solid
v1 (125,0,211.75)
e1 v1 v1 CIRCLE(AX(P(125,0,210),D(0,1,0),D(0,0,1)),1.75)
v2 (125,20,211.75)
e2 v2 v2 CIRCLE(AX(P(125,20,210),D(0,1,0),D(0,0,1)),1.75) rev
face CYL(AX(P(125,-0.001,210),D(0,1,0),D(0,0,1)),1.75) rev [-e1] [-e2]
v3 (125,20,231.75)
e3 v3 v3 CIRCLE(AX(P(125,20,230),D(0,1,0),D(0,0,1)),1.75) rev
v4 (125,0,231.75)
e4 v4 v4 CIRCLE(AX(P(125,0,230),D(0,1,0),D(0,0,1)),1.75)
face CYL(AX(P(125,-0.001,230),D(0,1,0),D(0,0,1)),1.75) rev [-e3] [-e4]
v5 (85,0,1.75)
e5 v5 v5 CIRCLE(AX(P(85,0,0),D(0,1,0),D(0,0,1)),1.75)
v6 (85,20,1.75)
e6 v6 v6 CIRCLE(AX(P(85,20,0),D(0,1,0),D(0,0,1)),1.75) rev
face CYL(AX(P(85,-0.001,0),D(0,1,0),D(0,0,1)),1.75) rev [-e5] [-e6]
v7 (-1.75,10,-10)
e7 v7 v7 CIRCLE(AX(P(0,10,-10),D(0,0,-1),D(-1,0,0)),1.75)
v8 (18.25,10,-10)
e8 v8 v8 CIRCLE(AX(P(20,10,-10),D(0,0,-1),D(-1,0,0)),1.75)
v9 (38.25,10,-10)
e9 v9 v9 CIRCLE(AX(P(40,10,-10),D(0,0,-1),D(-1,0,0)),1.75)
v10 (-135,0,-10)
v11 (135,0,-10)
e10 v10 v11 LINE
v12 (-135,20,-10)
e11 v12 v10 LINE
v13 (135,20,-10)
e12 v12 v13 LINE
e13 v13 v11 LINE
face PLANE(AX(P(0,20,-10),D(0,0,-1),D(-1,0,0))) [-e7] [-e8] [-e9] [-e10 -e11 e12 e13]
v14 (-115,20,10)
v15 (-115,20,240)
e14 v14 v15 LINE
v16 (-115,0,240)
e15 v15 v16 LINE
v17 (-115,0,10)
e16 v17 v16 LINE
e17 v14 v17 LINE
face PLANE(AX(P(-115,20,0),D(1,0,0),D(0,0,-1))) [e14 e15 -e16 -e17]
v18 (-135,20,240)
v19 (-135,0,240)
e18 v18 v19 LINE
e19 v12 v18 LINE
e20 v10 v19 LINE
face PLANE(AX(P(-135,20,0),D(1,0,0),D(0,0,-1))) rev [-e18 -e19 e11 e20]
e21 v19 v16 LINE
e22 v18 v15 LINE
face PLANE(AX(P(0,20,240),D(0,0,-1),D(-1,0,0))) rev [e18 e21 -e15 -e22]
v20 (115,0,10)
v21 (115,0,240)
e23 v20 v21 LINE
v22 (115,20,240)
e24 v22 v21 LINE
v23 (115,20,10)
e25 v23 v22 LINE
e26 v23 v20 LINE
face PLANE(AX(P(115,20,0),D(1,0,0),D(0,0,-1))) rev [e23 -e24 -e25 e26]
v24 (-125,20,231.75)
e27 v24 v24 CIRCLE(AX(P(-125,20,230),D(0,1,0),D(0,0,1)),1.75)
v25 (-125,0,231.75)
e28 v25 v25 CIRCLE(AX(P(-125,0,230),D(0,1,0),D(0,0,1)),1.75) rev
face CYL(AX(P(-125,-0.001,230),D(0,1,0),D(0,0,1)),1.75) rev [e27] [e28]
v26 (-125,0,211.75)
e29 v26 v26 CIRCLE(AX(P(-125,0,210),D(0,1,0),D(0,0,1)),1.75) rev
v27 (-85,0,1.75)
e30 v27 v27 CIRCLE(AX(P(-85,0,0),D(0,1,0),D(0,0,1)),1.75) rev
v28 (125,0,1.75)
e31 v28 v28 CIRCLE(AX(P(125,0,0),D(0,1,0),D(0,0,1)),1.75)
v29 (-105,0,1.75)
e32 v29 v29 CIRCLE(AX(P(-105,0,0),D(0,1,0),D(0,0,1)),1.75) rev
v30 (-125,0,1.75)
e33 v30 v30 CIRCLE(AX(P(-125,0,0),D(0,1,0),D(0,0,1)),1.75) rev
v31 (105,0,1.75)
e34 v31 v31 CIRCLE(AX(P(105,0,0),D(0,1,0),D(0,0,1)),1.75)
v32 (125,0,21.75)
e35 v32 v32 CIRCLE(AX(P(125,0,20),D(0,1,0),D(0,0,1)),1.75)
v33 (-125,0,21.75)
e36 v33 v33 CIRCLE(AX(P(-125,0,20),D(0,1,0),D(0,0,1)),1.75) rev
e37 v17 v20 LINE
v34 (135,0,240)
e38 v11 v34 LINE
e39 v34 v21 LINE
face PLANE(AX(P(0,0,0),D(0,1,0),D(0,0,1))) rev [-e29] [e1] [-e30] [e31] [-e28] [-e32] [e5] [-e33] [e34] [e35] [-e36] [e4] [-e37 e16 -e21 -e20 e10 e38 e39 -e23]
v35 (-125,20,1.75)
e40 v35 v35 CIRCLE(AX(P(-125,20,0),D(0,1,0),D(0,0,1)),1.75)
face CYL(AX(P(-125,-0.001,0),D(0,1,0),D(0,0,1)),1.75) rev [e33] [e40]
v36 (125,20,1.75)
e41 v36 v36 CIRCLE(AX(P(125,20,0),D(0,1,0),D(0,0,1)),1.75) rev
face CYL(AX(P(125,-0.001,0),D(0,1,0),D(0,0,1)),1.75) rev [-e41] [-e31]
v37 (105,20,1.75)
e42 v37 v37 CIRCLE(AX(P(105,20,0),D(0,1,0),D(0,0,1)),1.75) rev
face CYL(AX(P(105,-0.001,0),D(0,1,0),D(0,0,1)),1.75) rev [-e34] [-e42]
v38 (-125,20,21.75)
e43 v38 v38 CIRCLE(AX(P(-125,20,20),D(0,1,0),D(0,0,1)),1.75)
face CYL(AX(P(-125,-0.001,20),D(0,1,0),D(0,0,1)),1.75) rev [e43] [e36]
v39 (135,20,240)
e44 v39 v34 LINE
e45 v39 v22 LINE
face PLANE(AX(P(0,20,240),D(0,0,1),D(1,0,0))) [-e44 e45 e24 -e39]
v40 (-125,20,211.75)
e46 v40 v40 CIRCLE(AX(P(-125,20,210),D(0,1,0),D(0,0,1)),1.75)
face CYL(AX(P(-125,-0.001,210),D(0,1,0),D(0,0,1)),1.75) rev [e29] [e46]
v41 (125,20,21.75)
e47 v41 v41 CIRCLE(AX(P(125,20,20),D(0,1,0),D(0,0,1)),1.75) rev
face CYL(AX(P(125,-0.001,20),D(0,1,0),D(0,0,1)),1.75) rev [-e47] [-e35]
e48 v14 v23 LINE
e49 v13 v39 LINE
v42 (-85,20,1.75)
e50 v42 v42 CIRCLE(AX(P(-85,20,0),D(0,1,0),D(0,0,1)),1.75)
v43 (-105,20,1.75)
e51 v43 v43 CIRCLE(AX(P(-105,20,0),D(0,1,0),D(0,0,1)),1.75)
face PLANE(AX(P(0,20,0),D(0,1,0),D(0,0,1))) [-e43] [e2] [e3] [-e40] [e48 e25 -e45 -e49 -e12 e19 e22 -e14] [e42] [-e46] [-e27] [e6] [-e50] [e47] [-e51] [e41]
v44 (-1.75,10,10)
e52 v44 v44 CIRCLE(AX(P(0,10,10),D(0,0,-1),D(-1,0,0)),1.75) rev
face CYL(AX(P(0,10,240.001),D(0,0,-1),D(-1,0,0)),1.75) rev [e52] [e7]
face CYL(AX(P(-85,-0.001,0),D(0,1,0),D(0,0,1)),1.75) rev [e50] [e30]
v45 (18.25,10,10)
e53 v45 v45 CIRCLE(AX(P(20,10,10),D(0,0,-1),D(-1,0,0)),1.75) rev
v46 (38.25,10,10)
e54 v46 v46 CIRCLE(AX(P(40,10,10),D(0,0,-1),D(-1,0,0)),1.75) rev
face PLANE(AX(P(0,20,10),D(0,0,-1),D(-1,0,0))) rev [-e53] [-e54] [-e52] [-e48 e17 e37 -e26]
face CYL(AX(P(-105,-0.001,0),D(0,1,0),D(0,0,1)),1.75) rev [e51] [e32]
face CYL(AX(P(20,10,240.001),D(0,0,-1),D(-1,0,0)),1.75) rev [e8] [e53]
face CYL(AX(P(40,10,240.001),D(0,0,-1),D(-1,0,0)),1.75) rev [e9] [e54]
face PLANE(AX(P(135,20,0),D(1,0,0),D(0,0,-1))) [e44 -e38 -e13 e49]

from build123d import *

# Parameters (mm, degrees)
SKETCH_1_W          = 270
SKETCH_1_H          = 20
SKETCH_1_W_2        = 20
SKETCH_1_H_2        = 230
EXTRUDE_1_DEPTH     = 20
CUT_EXTRUDE_1_REACH = 278.089
SKETCH_2_R          = 1.75
CUT_EXTRUDE_2_REACH = 286.825
SKETCH_3_R          = 1.75


with BuildPart() as part:
    # 草图1 → 凸台-拉伸1 (new body)
    with BuildSketch(Plane(origin=(0, 0, 0), x_dir=(1, 0, 0), z_dir=(0, 1, 0))):
        Rectangle(SKETCH_1_W, SKETCH_1_H)
        with Locations((-125, -125)):
            Rectangle(SKETCH_1_W_2, SKETCH_1_H_2)
        with Locations((125, -125)):
            Rectangle(SKETCH_1_W_2, SKETCH_1_H_2)
    extrude(amount=EXTRUDE_1_DEPTH)

    # 草图2 → 切除-拉伸1 (cut, up to next)
    with BuildSketch(Plane(origin=(0, 20, 0), x_dir=(1, 0, 0), z_dir=(0, 1, 0)), mode=Mode.PRIVATE) as cut_extrude_1_sk1:
        with Locations(Location((-125, 0, 0), (0, 0, 270))):
            Circle(SKETCH_2_R)
    cut_extrude_1_tool1 = extrude(cut_extrude_1_sk1.sketch, amount=-CUT_EXTRUDE_1_REACH, mode=Mode.PRIVATE) & part.part
    # 草图2 → 切除-拉伸1 (cut, up to next)
    with BuildSketch(Plane(origin=(0, 20, 0), x_dir=(1, 0, 0), z_dir=(0, 1, 0)), mode=Mode.PRIVATE) as cut_extrude_1_sk2:
        with Locations(Location((-125, -20, 0), (0, 0, 270))):
            Circle(SKETCH_2_R)
    cut_extrude_1_tool2 = extrude(cut_extrude_1_sk2.sketch, amount=-CUT_EXTRUDE_1_REACH, mode=Mode.PRIVATE) & part.part
    # 草图2 → 切除-拉伸1 (cut, up to next)
    with BuildSketch(Plane(origin=(0, 20, 0), x_dir=(1, 0, 0), z_dir=(0, 1, 0)), mode=Mode.PRIVATE) as cut_extrude_1_sk3:
        with Locations(Location((-105, 0, 0), (0, 0, 270))):
            Circle(SKETCH_2_R)
    cut_extrude_1_tool3 = extrude(cut_extrude_1_sk3.sketch, amount=-CUT_EXTRUDE_1_REACH, mode=Mode.PRIVATE) & part.part
    # 草图2 → 切除-拉伸1 (cut, up to next)
    with BuildSketch(Plane(origin=(0, 20, 0), x_dir=(1, 0, 0), z_dir=(0, 1, 0)), mode=Mode.PRIVATE) as cut_extrude_1_sk4:
        with Locations(Location((-125, -210, 0), (0, 0, 270))):
            Circle(SKETCH_2_R)
    cut_extrude_1_tool4 = extrude(cut_extrude_1_sk4.sketch, amount=-CUT_EXTRUDE_1_REACH, mode=Mode.PRIVATE) & part.part
    # 草图2 → 切除-拉伸1 (cut, up to next)
    with BuildSketch(Plane(origin=(0, 20, 0), x_dir=(1, 0, 0), z_dir=(0, 1, 0)), mode=Mode.PRIVATE) as cut_extrude_1_sk5:
        with Locations(Location((-125, -230, 0), (0, 0, 270))):
            Circle(SKETCH_2_R)
    cut_extrude_1_tool5 = extrude(cut_extrude_1_sk5.sketch, amount=-CUT_EXTRUDE_1_REACH, mode=Mode.PRIVATE) & part.part
    # 草图2 → 切除-拉伸1 (cut, up to next)
    with BuildSketch(Plane(origin=(0, 20, 0), x_dir=(1, 0, 0), z_dir=(0, 1, 0)), mode=Mode.PRIVATE) as cut_extrude_1_sk6:
        with Locations(Location((125, -210, 0), (0, 0, 270))):
            Circle(SKETCH_2_R)
    cut_extrude_1_tool6 = extrude(cut_extrude_1_sk6.sketch, amount=-CUT_EXTRUDE_1_REACH, mode=Mode.PRIVATE) & part.part
    # 草图2 → 切除-拉伸1 (cut, up to next)
    with BuildSketch(Plane(origin=(0, 20, 0), x_dir=(1, 0, 0), z_dir=(0, 1, 0)), mode=Mode.PRIVATE) as cut_extrude_1_sk7:
        with Locations(Location((125, -230, 0), (0, 0, 270))):
            Circle(SKETCH_2_R)
    cut_extrude_1_tool7 = extrude(cut_extrude_1_sk7.sketch, amount=-CUT_EXTRUDE_1_REACH, mode=Mode.PRIVATE) & part.part
    # 草图2 → 切除-拉伸1 (cut, up to next)
    with BuildSketch(Plane(origin=(0, 20, 0), x_dir=(1, 0, 0), z_dir=(0, 1, 0)), mode=Mode.PRIVATE) as cut_extrude_1_sk8:
        with Locations(Location((125, 0, 0), (0, 0, 270))):
            Circle(SKETCH_2_R)
    cut_extrude_1_tool8 = extrude(cut_extrude_1_sk8.sketch, amount=-CUT_EXTRUDE_1_REACH, mode=Mode.PRIVATE) & part.part
    # 草图2 → 切除-拉伸1 (cut, up to next)
    with BuildSketch(Plane(origin=(0, 20, 0), x_dir=(1, 0, 0), z_dir=(0, 1, 0)), mode=Mode.PRIVATE) as cut_extrude_1_sk9:
        with Locations(Location((125, -20, 0), (0, 0, 270))):
            Circle(SKETCH_2_R)
    cut_extrude_1_tool9 = extrude(cut_extrude_1_sk9.sketch, amount=-CUT_EXTRUDE_1_REACH, mode=Mode.PRIVATE) & part.part
    # 草图2 → 切除-拉伸1 (cut, up to next)
    with BuildSketch(Plane(origin=(0, 20, 0), x_dir=(1, 0, 0), z_dir=(0, 1, 0)), mode=Mode.PRIVATE) as cut_extrude_1_sk10:
        with Locations(Location((105, 0, 0), (0, 0, 270))):
            Circle(SKETCH_2_R)
    cut_extrude_1_tool10 = extrude(cut_extrude_1_sk10.sketch, amount=-CUT_EXTRUDE_1_REACH, mode=Mode.PRIVATE) & part.part
    # 草图2 → 切除-拉伸1 (cut, up to next)
    with BuildSketch(Plane(origin=(0, 20, 0), x_dir=(1, 0, 0), z_dir=(0, 1, 0)), mode=Mode.PRIVATE) as cut_extrude_1_sk11:
        with Locations(Location((85, 0, 0), (0, 0, 270))):
            Circle(SKETCH_2_R)
    cut_extrude_1_tool11 = extrude(cut_extrude_1_sk11.sketch, amount=-CUT_EXTRUDE_1_REACH, mode=Mode.PRIVATE) & part.part
    # 草图2 → 切除-拉伸1 (cut, up to next)
    with BuildSketch(Plane(origin=(0, 20, 0), x_dir=(1, 0, 0), z_dir=(0, 1, 0)), mode=Mode.PRIVATE) as cut_extrude_1_sk12:
        with Locations(Location((-85, 0, 0), (0, 0, 270))):
            Circle(SKETCH_2_R)
    cut_extrude_1_tool12 = extrude(cut_extrude_1_sk12.sketch, amount=-CUT_EXTRUDE_1_REACH, mode=Mode.PRIVATE) & part.part
    add(cut_extrude_1_tool1.solids().sort_by_distance((-125, 20, 0))[0], mode=Mode.SUBTRACT)
    add(cut_extrude_1_tool2.solids().sort_by_distance((-125, 20, 20))[0], mode=Mode.SUBTRACT)
    add(cut_extrude_1_tool3.solids().sort_by_distance((-105, 20, 0))[0], mode=Mode.SUBTRACT)
    add(cut_extrude_1_tool4.solids().sort_by_distance((-125, 20, 210))[0], mode=Mode.SUBTRACT)
    add(cut_extrude_1_tool5.solids().sort_by_distance((-125, 20, 230))[0], mode=Mode.SUBTRACT)
    add(cut_extrude_1_tool6.solids().sort_by_distance((125, 20, 210))[0], mode=Mode.SUBTRACT)
    add(cut_extrude_1_tool7.solids().sort_by_distance((125, 20, 230))[0], mode=Mode.SUBTRACT)
    add(cut_extrude_1_tool8.solids().sort_by_distance((125, 20, 0))[0], mode=Mode.SUBTRACT)
    add(cut_extrude_1_tool9.solids().sort_by_distance((125, 20, 20))[0], mode=Mode.SUBTRACT)
    add(cut_extrude_1_tool10.solids().sort_by_distance((105, 20, 0))[0], mode=Mode.SUBTRACT)
    add(cut_extrude_1_tool11.solids().sort_by_distance((85, 20, 0))[0], mode=Mode.SUBTRACT)
    add(cut_extrude_1_tool12.solids().sort_by_distance((-85, 20, 0))[0], mode=Mode.SUBTRACT)

    # 草图3 → 切除-拉伸2 (cut, up to next)
    with BuildSketch(Plane(origin=(0, 0, -10), x_dir=(-1, 0, 0), z_dir=(0, 0, -1)), mode=Mode.PRIVATE) as cut_extrude_2_sk1:
        with Locations((-20, 10)):
            Circle(SKETCH_3_R)
    cut_extrude_2_tool1 = extrude(cut_extrude_2_sk1.sketch, amount=-CUT_EXTRUDE_2_REACH, mode=Mode.PRIVATE) & part.part
    # 草图3 → 切除-拉伸2 (cut, up to next)
    with BuildSketch(Plane(origin=(0, 0, -10), x_dir=(-1, 0, 0), z_dir=(0, 0, -1)), mode=Mode.PRIVATE) as cut_extrude_2_sk2:
        with Locations((0, 10)):
            Circle(SKETCH_3_R)
    cut_extrude_2_tool2 = extrude(cut_extrude_2_sk2.sketch, amount=-CUT_EXTRUDE_2_REACH, mode=Mode.PRIVATE) & part.part
    # 草图3 → 切除-拉伸2 (cut, up to next)
    with BuildSketch(Plane(origin=(0, 0, -10), x_dir=(-1, 0, 0), z_dir=(0, 0, -1)), mode=Mode.PRIVATE) as cut_extrude_2_sk3:
        with Locations((-40, 10)):
            Circle(SKETCH_3_R)
    cut_extrude_2_tool3 = extrude(cut_extrude_2_sk3.sketch, amount=-CUT_EXTRUDE_2_REACH, mode=Mode.PRIVATE) & part.part
    add(cut_extrude_2_tool1.solids().sort_by_distance((20, 10, -10))[0], mode=Mode.SUBTRACT)
    add(cut_extrude_2_tool2.solids().sort_by_distance((0, 10, -10))[0], mode=Mode.SUBTRACT)
    add(cut_extrude_2_tool3.solids().sort_by_distance((40, 10, -10))[0], mode=Mode.SUBTRACT)


solid = part.part
